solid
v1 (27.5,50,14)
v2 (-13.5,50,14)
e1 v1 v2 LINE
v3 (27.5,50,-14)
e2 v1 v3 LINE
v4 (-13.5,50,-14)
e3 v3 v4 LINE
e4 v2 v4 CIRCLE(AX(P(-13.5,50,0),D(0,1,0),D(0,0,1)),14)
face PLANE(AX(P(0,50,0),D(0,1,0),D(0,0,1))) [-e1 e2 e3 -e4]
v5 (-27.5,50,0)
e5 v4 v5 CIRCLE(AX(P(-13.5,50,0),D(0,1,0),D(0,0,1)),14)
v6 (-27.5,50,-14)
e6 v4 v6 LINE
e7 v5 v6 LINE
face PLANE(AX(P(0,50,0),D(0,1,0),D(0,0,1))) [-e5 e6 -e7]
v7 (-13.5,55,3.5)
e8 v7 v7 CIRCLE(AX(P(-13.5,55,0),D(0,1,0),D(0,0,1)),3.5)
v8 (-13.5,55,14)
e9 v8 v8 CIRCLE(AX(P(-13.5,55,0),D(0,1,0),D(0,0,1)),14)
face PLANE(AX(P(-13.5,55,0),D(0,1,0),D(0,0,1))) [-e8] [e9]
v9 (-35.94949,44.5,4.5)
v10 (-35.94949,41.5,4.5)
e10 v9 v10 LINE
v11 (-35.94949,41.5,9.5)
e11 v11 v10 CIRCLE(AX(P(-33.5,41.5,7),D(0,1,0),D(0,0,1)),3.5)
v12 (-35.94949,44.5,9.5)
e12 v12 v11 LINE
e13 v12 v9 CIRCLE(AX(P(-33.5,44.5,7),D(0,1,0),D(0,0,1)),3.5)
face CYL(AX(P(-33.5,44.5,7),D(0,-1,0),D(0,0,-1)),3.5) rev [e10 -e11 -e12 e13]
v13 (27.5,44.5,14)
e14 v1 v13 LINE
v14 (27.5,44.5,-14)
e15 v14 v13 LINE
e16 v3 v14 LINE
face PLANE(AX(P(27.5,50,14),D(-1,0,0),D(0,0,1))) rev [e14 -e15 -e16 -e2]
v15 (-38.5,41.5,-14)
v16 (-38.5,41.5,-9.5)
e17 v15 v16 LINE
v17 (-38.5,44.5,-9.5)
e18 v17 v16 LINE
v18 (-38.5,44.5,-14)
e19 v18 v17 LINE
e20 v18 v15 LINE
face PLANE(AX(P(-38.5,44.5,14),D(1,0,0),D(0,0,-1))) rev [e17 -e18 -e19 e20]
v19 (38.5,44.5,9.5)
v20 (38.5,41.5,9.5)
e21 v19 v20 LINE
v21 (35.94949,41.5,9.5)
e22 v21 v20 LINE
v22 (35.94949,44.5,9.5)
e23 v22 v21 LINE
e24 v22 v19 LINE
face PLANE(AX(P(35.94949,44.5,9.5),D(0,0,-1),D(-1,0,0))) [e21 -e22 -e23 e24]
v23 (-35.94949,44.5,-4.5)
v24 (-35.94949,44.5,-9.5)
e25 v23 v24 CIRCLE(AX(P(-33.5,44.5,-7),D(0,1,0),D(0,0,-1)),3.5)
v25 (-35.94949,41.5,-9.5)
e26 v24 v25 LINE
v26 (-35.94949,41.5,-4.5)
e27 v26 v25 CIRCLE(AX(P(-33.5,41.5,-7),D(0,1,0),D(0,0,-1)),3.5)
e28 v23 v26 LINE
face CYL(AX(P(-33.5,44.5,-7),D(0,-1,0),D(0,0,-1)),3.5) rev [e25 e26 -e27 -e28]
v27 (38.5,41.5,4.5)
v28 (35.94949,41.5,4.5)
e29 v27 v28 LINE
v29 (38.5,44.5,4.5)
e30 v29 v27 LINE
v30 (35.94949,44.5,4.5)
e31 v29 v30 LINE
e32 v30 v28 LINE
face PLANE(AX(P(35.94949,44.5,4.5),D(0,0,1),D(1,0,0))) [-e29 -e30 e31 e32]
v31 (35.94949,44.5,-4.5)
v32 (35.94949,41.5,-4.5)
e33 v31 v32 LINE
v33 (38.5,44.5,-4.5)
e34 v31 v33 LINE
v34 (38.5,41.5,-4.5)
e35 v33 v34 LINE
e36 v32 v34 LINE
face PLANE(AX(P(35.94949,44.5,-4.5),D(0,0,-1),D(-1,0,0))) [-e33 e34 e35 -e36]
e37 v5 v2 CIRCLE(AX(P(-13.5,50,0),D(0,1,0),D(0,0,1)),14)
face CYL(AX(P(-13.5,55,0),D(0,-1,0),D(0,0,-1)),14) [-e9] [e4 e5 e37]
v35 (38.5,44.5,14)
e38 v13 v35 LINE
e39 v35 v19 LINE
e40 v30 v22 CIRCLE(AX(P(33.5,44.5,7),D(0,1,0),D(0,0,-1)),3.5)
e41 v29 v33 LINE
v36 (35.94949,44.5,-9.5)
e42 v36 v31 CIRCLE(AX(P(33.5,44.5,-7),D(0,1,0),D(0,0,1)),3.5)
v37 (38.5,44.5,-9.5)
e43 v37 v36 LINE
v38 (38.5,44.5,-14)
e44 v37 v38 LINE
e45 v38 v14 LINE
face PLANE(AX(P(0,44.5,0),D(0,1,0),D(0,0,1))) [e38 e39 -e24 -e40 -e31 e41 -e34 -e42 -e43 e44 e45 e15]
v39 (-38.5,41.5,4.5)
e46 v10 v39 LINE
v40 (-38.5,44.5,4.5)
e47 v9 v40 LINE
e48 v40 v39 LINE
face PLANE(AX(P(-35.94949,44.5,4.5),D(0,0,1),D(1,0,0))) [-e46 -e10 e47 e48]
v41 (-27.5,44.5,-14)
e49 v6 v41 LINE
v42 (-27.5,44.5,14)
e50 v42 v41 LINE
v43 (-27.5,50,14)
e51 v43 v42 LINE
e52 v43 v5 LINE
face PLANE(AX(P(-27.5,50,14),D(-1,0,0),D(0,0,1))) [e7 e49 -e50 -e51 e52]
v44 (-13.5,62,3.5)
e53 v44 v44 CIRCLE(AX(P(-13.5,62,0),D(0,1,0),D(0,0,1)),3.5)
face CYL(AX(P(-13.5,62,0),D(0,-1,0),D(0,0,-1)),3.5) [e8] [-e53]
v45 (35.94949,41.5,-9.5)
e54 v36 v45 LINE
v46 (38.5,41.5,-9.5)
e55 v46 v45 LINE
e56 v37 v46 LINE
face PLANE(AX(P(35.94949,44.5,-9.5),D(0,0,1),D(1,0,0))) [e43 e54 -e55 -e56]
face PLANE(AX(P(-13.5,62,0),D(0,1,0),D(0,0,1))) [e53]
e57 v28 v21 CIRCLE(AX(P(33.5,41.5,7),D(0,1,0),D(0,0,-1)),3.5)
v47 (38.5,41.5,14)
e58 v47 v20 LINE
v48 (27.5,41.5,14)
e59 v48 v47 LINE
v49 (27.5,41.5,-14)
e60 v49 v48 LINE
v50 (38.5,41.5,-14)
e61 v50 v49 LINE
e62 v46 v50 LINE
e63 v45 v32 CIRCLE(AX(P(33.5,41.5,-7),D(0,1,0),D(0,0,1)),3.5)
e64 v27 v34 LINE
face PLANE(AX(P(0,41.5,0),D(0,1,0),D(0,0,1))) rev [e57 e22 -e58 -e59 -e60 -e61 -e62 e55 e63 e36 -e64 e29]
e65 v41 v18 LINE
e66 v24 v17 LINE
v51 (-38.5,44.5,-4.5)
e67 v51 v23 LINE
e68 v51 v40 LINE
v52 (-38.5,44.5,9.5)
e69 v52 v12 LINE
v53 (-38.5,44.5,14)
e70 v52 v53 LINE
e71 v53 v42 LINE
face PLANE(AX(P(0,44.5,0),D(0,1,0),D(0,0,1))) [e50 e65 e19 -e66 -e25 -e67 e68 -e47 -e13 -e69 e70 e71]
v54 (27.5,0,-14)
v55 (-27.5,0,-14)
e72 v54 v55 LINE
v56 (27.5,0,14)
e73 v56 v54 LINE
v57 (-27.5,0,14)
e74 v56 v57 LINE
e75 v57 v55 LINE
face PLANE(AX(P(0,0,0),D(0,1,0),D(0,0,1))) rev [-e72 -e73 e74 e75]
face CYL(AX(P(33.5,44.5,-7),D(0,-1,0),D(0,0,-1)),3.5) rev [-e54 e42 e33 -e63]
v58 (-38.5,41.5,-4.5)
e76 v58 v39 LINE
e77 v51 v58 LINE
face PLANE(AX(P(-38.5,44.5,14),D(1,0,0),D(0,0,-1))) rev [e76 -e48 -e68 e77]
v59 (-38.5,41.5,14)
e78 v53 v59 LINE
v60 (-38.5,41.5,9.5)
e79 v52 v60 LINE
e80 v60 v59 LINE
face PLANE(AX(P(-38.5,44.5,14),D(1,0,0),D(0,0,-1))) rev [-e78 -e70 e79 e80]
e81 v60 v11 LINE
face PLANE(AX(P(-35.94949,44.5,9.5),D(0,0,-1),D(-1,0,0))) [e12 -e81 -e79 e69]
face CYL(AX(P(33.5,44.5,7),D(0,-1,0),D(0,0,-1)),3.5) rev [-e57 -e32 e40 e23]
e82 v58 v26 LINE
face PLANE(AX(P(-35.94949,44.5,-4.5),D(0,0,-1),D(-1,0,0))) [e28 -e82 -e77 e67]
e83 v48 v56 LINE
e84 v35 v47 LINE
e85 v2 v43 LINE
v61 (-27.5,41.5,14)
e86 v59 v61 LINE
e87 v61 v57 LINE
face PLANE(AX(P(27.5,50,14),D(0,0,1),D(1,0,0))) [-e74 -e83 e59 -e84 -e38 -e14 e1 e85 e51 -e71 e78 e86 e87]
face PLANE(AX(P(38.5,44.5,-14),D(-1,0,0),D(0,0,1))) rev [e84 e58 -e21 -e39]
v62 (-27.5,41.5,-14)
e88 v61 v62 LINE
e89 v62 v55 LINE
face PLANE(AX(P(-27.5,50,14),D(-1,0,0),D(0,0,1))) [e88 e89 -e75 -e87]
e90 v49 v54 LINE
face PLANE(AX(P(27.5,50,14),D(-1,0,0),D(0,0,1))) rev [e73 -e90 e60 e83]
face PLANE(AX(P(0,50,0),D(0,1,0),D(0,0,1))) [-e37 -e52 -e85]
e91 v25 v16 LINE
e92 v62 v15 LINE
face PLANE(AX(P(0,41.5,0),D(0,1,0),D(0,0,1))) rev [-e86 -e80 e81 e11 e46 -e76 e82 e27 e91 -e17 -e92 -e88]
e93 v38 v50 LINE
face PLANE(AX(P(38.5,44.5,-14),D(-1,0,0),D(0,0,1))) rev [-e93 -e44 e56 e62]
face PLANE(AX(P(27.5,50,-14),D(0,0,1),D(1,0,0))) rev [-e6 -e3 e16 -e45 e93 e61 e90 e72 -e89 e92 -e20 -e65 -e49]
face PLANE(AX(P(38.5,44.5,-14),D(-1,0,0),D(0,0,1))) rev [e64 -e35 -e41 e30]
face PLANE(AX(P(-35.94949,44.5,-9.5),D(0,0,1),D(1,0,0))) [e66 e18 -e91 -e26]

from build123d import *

# Parameters (mm, degrees)
SKETCH1_W           = 55
SKETCH1_H           = 28
BOSS_EXTRUDE1_DEPTH = 50
SKETCH2_R           = 14
BOSS_EXTRUDE2_DEPTH = 5
SKETCH3_R           = 3.5
BOSS_EXTRUDE3_DEPTH = 7
SKETCH4_W           = 11
SKETCH4_H           = 28
BOSS_EXTRUDE4_DEPTH = 3
CUT_EXTRUDE1_DEPTH  = 3


with BuildPart() as part:
    # Sketch1 → Boss-Extrude1 (new body)
    with BuildSketch(Plane(origin=(0, 0, 0), x_dir=(1, 0, 0), z_dir=(0, 1, 0))):
        Rectangle(SKETCH1_W, SKETCH1_H)
    extrude(amount=BOSS_EXTRUDE1_DEPTH)

    # Sketch2 → Boss-Extrude2 (add)
    with BuildSketch(Plane(origin=(0, 50, 0), x_dir=(1, 0, 0), z_dir=(0, 1, 0))):
        with Locations(Location((-13.5, 0, 0), (0, 0, 270))):
            Circle(SKETCH2_R)
    extrude(amount=BOSS_EXTRUDE2_DEPTH)

    # Sketch3 → Boss-Extrude3 (add)
    with BuildSketch(Plane(origin=(0, 55, 0), x_dir=(1, 0, 0), z_dir=(0, 1, 0))):
        with Locations(Location((-13.5, 0, 0), (0, 0, 270))):
            Circle(SKETCH3_R)
    extrude(amount=BOSS_EXTRUDE3_DEPTH)

    # Sketch4 → Boss-Extrude4 (add)
    with BuildSketch(Plane(origin=(0, 41.5, 0), x_dir=(1, 0, 0), z_dir=(0, 1, 0))):
        with Locations((33, 0)):
            Rectangle(SKETCH4_W, SKETCH4_H)
        with Locations((-33, 0)):
            Rectangle(SKETCH4_W, SKETCH4_H)
    extrude(amount=BOSS_EXTRUDE4_DEPTH)

    # Sketch5 → Cut-Extrude1 (cut)
    with BuildSketch(Plane(origin=(0, 41.5, 0), x_dir=(1, 0, 0), z_dir=(0, 1, 0))):
        with BuildLine():
            Line((35.949489743, 4.5), (38.5, 4.5))
            Line((38.5, 4.5), (38.5, 9.5))
            Line((38.5, 9.5), (35.949489743, 9.5))
            ThreePointArc((35.949489743, 9.5), (30, 7), (35.949489743, 4.5))
        make_face()
        with BuildLine():
            Line((38.5, -9.5), (38.5, -4.5))
            Line((38.5, -4.5), (35.949489743, -4.5))
            ThreePointArc((35.949489743, -4.5), (30, -7), (35.949489743, -9.5))
            Line((35.949489743, -9.5), (38.5, -9.5))
        make_face()
        with BuildLine():
            Line((-35.949489743, -4.5), (-38.5, -4.5))
            Line((-38.5, -4.5), (-38.5, -9.5))
            Line((-38.5, -9.5), (-35.949489743, -9.5))
            ThreePointArc((-35.949489743, -9.5), (-30, -7), (-35.949489743, -4.5))
        make_face()
        with BuildLine():
            Line((-38.5, 9.5), (-38.5, 4.5))
            Line((-38.5, 4.5), (-35.949489743, 4.5))
            ThreePointArc((-35.949489743, 4.5), (-30, 7), (-35.949489743, 9.5))
            Line((-35.949489743, 9.5), (-38.5, 9.5))
        make_face()
    extrude(amount=CUT_EXTRUDE1_DEPTH, mode=Mode.SUBTRACT)


solid = part.part
